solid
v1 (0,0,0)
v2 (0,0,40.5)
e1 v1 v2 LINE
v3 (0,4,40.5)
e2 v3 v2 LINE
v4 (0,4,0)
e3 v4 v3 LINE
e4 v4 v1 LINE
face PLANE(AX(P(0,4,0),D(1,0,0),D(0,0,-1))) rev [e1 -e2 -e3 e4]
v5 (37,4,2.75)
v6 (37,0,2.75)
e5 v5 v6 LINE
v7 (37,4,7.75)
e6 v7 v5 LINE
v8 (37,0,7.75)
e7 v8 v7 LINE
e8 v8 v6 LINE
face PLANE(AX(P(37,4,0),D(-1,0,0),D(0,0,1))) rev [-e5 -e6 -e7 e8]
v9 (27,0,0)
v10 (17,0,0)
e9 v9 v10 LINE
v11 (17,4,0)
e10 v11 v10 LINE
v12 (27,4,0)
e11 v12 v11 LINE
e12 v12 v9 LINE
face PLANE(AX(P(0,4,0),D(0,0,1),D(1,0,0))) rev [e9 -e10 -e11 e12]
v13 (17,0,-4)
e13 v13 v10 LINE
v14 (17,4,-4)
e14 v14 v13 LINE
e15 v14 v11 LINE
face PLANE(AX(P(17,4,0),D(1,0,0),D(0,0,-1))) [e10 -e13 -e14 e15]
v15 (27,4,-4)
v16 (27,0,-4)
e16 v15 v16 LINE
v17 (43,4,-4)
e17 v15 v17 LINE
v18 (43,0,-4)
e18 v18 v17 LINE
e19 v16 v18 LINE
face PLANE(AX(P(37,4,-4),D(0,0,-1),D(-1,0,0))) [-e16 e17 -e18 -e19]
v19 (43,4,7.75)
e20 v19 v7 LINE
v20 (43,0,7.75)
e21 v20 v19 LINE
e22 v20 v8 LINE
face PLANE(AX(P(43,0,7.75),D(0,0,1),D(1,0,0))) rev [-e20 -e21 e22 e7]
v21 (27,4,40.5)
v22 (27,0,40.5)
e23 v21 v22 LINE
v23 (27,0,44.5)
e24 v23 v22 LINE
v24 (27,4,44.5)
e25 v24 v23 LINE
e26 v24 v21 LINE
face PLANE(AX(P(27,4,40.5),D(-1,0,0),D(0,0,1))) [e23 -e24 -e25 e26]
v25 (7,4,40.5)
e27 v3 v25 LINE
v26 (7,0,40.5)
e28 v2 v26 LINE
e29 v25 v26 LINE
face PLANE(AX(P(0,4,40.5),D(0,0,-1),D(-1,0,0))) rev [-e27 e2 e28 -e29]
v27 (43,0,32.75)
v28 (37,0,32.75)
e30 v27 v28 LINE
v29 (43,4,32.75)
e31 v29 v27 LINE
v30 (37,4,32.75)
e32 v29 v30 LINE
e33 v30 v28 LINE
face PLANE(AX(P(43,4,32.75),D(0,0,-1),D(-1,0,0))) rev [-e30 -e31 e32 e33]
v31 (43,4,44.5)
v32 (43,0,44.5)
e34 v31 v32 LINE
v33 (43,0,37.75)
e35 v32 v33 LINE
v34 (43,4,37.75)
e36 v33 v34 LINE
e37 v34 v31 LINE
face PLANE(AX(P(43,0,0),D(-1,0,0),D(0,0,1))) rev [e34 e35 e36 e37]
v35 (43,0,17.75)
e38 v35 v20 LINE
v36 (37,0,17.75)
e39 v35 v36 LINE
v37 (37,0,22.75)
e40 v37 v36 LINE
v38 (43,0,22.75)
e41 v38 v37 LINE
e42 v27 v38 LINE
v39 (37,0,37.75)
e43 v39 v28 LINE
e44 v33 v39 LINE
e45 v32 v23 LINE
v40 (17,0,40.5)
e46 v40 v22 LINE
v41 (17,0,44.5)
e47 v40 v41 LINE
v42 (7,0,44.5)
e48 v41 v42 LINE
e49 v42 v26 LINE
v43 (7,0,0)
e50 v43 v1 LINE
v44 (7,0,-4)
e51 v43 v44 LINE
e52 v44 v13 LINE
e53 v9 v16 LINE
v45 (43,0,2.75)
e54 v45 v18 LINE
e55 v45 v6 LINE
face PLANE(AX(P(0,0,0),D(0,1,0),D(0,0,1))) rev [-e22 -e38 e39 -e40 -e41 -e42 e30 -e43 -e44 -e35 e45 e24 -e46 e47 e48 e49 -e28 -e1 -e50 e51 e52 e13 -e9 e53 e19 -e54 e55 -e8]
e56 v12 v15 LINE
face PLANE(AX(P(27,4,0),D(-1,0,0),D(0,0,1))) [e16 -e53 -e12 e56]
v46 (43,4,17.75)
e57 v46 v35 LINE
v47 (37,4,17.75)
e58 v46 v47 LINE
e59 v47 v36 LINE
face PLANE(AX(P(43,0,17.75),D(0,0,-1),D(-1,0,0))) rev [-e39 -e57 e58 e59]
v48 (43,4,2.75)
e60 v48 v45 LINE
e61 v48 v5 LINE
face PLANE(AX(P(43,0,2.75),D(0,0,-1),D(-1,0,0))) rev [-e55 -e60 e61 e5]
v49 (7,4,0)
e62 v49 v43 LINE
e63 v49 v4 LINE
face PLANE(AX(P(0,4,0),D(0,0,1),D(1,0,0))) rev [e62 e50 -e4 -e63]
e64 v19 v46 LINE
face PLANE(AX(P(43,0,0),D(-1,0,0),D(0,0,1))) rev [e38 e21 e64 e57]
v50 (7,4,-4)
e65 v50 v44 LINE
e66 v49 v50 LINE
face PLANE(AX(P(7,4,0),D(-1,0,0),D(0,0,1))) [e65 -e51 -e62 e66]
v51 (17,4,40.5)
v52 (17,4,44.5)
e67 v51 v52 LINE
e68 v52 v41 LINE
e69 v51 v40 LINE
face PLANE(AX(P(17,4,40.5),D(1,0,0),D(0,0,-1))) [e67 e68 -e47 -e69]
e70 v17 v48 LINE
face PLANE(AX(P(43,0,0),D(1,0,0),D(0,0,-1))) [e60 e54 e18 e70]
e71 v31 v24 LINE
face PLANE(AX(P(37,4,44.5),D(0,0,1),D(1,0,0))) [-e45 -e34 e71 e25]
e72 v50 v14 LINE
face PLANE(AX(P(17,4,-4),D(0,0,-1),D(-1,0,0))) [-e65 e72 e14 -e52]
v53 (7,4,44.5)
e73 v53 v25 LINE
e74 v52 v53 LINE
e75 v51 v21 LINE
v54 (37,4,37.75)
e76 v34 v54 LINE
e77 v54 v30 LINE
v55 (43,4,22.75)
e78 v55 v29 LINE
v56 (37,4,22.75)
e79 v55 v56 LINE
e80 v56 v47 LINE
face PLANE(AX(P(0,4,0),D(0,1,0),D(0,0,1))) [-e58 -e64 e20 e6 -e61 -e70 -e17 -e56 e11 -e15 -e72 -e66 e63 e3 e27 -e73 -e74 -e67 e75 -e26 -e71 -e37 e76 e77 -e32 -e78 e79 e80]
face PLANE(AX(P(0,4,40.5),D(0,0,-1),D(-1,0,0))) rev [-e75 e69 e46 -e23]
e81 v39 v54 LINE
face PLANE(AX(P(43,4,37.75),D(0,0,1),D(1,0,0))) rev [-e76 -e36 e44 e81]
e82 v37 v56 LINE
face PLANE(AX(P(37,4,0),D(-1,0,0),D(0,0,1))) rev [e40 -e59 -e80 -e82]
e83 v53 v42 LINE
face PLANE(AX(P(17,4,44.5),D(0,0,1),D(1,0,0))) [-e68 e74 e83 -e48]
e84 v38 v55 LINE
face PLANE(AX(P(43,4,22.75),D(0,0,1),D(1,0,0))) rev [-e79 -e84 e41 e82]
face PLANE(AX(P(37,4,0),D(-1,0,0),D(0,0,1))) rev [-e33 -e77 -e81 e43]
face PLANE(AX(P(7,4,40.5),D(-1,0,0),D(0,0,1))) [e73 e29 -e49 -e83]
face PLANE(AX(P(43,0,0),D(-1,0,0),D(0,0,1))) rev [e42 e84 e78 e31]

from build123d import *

# Parameters (mm, degrees)
SKETCH1_W           = 37
SKETCH1_H           = 40.5
BOSS_EXTRUDE1_DEPTH = 4
SKETCH2_W           = 10
SKETCH2_H           = 4
BOSS_EXTRUDE2_DEPTH = 4
LPATTERN1_COUNT     = 2
LPATTERN1_PITCH     = 20
SKETCH3_W           = 6.75
SKETCH3_H           = 4
SKETCH3_W_2         = 10
BOSS_EXTRUDE3_DEPTH = 6


with BuildPart() as part:
    # Sketch1 → Boss-Extrude1 (new body)
    with BuildSketch(Plane(origin=(0, 0, 0), x_dir=(1, 0, 0), z_dir=(0, 1, 0))):
        with Locations((18.5, -20.25)):
            Rectangle(SKETCH1_W, SKETCH1_H)
    extrude(amount=BOSS_EXTRUDE1_DEPTH)

    # Sketch2 → Boss-Extrude2 (add, through all)
    with BuildSketch(Plane(origin=(0, 0, 0), x_dir=(-1, 0, 0), z_dir=(0, -1, 0))):
        with Locations((-32, 2)):
            Rectangle(SKETCH2_W, SKETCH2_H)
        with Locations((-32, -42.5)):
            Rectangle(SKETCH2_W, SKETCH2_H)
    boss_extrude2 = extrude(amount=-BOSS_EXTRUDE2_DEPTH)

    # LPattern1: Boss-Extrude2 ×2
    with Locations(*[(-i * LPATTERN1_PITCH, 0, 0) for i in range(1, LPATTERN1_COUNT)]):
        add(boss_extrude2)

    # Sketch3 → Boss-Extrude3 (add)
    with BuildSketch(Plane(origin=(37, 0, 0), x_dir=(0, 0, -1), z_dir=(1, 0, 0))):
        with Locations((0.625, 2)):
            Rectangle(SKETCH3_W, SKETCH3_H)
        with Locations((-12.75, 2)):
            Rectangle(SKETCH3_W_2, SKETCH3_H)
        with Locations((-27.75, 2)):
            Rectangle(SKETCH3_W_2, SKETCH3_H)
        with Locations((-41.125, 2)):
            Rectangle(SKETCH3_W, SKETCH3_H)
    extrude(amount=BOSS_EXTRUDE3_DEPTH)


solid = part.part
